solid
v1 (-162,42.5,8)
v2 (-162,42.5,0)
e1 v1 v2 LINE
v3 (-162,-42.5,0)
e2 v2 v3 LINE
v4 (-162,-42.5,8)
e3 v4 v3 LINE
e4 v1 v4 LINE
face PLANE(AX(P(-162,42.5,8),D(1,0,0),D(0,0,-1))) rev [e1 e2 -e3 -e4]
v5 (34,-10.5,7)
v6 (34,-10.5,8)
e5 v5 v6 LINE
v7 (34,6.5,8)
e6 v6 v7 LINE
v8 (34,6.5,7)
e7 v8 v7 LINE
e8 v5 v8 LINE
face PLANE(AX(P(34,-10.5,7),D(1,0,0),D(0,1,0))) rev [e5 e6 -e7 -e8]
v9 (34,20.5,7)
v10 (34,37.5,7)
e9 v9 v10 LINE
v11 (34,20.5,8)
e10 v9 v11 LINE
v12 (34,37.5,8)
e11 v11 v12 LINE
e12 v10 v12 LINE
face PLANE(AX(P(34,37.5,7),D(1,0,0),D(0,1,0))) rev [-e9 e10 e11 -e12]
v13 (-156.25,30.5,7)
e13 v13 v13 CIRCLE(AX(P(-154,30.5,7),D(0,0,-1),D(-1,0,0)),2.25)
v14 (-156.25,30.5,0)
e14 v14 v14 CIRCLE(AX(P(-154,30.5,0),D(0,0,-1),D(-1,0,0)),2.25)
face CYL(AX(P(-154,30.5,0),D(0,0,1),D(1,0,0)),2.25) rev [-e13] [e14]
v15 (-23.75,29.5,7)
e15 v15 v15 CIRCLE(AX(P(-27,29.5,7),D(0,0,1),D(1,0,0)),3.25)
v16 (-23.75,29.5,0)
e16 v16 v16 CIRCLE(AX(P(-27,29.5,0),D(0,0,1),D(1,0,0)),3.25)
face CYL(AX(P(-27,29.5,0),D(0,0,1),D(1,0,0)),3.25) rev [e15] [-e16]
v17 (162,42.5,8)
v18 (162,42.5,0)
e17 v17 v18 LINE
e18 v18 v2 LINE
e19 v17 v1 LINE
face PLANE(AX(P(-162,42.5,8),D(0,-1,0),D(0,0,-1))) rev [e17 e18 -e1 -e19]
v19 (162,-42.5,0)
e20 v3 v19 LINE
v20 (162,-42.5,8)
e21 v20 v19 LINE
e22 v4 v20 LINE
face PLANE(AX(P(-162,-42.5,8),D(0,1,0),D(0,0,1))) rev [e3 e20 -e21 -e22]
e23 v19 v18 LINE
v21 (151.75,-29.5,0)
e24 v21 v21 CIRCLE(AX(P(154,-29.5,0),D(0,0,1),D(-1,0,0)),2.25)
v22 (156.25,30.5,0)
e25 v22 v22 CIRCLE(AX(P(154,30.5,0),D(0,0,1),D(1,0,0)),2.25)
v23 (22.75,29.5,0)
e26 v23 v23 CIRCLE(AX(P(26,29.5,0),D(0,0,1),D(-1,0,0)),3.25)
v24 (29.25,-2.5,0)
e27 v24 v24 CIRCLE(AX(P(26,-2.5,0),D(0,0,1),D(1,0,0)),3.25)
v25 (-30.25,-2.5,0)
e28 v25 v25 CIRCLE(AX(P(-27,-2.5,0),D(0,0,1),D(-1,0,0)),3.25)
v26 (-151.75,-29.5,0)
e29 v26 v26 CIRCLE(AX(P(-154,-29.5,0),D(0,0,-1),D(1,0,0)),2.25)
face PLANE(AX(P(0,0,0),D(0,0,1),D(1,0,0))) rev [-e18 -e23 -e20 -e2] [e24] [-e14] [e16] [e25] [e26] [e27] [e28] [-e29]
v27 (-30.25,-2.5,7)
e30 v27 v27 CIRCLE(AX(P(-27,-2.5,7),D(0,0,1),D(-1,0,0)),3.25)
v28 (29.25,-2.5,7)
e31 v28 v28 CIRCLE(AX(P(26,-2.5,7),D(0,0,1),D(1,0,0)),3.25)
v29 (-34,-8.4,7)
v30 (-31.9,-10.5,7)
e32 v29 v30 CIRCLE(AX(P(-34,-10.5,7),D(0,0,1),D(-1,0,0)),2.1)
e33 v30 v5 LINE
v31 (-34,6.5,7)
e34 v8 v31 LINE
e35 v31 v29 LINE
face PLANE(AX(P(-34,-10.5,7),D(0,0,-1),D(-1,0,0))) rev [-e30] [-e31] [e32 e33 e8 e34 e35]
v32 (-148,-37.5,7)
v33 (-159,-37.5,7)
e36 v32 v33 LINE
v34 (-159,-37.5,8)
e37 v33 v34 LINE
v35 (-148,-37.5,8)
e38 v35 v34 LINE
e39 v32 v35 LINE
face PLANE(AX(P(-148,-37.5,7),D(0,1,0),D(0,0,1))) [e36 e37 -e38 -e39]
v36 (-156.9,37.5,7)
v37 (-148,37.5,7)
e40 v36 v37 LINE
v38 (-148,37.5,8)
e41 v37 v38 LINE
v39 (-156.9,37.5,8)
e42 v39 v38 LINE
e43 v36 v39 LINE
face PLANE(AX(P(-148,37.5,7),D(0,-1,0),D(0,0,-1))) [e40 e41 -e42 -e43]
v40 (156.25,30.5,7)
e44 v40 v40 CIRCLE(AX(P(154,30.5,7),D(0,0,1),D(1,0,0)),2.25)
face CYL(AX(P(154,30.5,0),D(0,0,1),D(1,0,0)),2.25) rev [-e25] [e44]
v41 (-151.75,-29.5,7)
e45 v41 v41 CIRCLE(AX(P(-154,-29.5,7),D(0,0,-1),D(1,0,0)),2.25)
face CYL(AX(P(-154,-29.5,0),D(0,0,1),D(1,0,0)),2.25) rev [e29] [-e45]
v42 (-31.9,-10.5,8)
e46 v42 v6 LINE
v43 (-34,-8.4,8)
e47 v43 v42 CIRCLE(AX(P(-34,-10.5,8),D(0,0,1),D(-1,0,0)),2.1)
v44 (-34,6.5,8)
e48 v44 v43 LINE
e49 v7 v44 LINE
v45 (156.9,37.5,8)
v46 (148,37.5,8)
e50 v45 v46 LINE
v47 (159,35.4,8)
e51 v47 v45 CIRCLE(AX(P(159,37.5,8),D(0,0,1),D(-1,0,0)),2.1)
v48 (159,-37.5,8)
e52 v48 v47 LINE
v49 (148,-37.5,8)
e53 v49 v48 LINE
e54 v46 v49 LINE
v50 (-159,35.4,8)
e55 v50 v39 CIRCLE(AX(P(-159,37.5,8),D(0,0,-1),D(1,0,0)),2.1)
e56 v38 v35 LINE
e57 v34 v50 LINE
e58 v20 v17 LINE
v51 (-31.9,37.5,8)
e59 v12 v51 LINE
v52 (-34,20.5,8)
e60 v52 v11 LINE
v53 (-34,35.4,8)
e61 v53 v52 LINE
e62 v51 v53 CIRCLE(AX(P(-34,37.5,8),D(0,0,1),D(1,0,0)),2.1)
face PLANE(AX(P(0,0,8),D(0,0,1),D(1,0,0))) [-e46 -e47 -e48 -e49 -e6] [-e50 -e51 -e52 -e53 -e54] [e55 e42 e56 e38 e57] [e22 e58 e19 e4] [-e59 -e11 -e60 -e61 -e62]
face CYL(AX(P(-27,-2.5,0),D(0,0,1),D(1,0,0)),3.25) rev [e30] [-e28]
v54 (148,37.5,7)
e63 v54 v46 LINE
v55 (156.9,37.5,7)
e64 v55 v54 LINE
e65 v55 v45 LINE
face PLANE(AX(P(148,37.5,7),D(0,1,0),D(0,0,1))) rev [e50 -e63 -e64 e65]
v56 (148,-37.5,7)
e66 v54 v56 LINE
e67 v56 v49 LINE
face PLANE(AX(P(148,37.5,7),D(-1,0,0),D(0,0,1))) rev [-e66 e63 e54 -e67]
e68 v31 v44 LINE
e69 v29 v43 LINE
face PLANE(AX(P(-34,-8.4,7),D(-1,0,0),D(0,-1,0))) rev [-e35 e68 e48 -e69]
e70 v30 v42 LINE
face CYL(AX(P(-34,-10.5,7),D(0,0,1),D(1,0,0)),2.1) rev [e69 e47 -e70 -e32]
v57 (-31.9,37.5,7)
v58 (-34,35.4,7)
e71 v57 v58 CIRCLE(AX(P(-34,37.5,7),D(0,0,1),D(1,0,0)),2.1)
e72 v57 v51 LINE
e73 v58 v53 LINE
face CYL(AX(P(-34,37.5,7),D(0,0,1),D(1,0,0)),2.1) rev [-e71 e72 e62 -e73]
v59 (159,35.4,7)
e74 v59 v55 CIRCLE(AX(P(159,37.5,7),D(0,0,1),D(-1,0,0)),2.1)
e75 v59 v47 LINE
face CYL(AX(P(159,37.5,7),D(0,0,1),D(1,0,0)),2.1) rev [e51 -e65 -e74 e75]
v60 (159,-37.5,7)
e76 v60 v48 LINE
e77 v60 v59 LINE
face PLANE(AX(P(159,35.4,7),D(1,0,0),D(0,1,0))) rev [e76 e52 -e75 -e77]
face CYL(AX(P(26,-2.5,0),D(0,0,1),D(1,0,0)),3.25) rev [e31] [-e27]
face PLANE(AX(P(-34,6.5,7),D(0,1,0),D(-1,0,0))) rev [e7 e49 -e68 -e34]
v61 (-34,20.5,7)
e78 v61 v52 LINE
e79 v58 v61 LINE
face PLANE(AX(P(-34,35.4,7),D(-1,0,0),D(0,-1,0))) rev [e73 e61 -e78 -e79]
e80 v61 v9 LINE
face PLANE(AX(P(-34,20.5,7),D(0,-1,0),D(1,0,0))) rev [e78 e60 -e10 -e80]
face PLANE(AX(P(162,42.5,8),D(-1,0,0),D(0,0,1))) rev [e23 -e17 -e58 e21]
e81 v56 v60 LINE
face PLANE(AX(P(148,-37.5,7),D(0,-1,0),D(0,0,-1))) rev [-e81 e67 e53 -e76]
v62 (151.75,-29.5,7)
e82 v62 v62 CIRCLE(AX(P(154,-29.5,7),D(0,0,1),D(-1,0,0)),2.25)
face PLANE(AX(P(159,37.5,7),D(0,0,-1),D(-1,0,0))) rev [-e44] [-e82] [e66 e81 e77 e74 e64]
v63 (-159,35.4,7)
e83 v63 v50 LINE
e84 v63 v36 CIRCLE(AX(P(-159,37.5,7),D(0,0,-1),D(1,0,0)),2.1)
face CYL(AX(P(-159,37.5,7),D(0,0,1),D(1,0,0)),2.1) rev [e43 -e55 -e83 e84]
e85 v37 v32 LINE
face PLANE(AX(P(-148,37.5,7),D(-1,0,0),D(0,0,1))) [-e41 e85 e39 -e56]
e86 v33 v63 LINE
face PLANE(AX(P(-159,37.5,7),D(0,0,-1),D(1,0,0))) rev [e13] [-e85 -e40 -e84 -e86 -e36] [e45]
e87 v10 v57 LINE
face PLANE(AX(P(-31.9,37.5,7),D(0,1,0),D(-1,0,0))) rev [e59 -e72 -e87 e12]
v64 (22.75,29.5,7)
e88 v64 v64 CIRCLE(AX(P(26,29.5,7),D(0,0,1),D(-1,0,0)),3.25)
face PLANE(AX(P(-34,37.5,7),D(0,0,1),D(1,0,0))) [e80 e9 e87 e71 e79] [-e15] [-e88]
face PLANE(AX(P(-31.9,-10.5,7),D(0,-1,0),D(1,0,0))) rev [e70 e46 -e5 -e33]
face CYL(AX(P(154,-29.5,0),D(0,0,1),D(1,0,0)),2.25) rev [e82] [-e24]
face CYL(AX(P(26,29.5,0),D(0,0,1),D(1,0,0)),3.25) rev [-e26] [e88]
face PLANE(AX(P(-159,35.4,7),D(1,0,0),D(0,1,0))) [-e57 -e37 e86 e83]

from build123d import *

# Parameters (mm, degrees)
ESQUISSE1_W             = 324
ESQUISSE1_H             = 85
BOSS_EXTRU_1_DEPTH      = 8
ENL_V_MAT_EXTRU_1_DEPTH = 1
ESQUISSE3_R             = 2.25
ENL_V_MAT_EXTRU_2_DEPTH = 168.628309065
ENL_V_MAT_EXTRU_3_DEPTH = 1
ESQUISSE5_R             = 3.25
ENL_V_MAT_EXTRU_4_DEPTH = 168.628309065


with BuildPart() as part:
    # Esquisse1 → Boss.-Extru.1 (new body)
    with BuildSketch(Plane.XY):
        Rectangle(ESQUISSE1_W, ESQUISSE1_H)
    extrude(amount=BOSS_EXTRU_1_DEPTH)

    # Esquisse2 → Enlèv. mat.-Extru.1 (cut)
    with BuildSketch(Plane.XY.offset(8)):
        with BuildLine():
            Line((148, 37.5), (156.9, 37.5))
            ThreePointArc((156.9, 37.5), (160.48492424, 38.98492424), (159, 35.4))
            Line((159, 35.4), (159, -37.5))
            Line((159, -37.5), (148, -37.5))
            Line((148, -37.5), (148, 37.5))
        make_face()
    enl_v_mat_extru_1 = extrude(amount=-ENL_V_MAT_EXTRU_1_DEPTH, mode=Mode.SUBTRACT)

    # Symétrie1: Enlèv. mat.-Extru.1 across plane
    add(enl_v_mat_extru_1.mirror(Plane(origin=(0, 0, 0), x_dir=(0, 0, 1), z_dir=(1, 0, 0))), mode=Mode.SUBTRACT)

    # Esquisse3 → Enlèv. mat.-Extru.2 (cut, through all)
    with BuildSketch(Plane.XY.offset(7)):
        with Locations((154, 30.5)):
            Circle(ESQUISSE3_R)
        with Locations(Location((154, -29.5, 0), (0, 0, 180))):
            Circle(ESQUISSE3_R)
    enl_v_mat_extru_2 = extrude(amount=-ENL_V_MAT_EXTRU_2_DEPTH, mode=Mode.SUBTRACT)

    # Symétrie2: Enlèv. mat.-Extru.2 across plane
    add(enl_v_mat_extru_2.mirror(Plane(origin=(0, 0, 0), x_dir=(0, 0, 1), z_dir=(1, 0, 0))), mode=Mode.SUBTRACT)

    # Esquisse4 → Enlèv. mat.-Extru.3 (cut)
    with BuildSketch(Plane.XY.offset(8)):
        with BuildLine():
            Line((-31.9, 37.5), (34, 37.5))
            Line((34, 37.5), (34, 20.5))
            Line((34, 20.5), (-34, 20.5))
            Line((-34, 20.5), (-34, 35.4))
            ThreePointArc((-34, 35.4), (-35.48492424, 38.98492424), (-31.9, 37.5))
        make_face()
        with BuildLine():
            Line((34, -10.5), (34, 6.5))
            Line((34, 6.5), (-34, 6.5))
            Line((-34, 6.5), (-34, -8.4))
            ThreePointArc((-34, -8.4), (-35.48492424, -11.98492424), (-31.9, -10.5))
            Line((-31.9, -10.5), (34, -10.5))
        make_face()
    extrude(amount=-ENL_V_MAT_EXTRU_3_DEPTH, mode=Mode.SUBTRACT)

    # Esquisse5 → Enlèv. mat.-Extru.4 (cut, through all)
    with BuildSketch(Plane.XY.offset(7)):
        with Locations((-27, 29.5)):
            Circle(ESQUISSE5_R)
        with Locations(Location((26, 29.5, 0), (0, 0, 180))):
            Circle(ESQUISSE5_R)
        with Locations((26, -2.5)):
            Circle(ESQUISSE5_R)
        with Locations(Location((-27, -2.5, 0), (0, 0, 180))):
            Circle(ESQUISSE5_R)
    extrude(amount=-ENL_V_MAT_EXTRU_4_DEPTH, mode=Mode.SUBTRACT)


solid = part.part
